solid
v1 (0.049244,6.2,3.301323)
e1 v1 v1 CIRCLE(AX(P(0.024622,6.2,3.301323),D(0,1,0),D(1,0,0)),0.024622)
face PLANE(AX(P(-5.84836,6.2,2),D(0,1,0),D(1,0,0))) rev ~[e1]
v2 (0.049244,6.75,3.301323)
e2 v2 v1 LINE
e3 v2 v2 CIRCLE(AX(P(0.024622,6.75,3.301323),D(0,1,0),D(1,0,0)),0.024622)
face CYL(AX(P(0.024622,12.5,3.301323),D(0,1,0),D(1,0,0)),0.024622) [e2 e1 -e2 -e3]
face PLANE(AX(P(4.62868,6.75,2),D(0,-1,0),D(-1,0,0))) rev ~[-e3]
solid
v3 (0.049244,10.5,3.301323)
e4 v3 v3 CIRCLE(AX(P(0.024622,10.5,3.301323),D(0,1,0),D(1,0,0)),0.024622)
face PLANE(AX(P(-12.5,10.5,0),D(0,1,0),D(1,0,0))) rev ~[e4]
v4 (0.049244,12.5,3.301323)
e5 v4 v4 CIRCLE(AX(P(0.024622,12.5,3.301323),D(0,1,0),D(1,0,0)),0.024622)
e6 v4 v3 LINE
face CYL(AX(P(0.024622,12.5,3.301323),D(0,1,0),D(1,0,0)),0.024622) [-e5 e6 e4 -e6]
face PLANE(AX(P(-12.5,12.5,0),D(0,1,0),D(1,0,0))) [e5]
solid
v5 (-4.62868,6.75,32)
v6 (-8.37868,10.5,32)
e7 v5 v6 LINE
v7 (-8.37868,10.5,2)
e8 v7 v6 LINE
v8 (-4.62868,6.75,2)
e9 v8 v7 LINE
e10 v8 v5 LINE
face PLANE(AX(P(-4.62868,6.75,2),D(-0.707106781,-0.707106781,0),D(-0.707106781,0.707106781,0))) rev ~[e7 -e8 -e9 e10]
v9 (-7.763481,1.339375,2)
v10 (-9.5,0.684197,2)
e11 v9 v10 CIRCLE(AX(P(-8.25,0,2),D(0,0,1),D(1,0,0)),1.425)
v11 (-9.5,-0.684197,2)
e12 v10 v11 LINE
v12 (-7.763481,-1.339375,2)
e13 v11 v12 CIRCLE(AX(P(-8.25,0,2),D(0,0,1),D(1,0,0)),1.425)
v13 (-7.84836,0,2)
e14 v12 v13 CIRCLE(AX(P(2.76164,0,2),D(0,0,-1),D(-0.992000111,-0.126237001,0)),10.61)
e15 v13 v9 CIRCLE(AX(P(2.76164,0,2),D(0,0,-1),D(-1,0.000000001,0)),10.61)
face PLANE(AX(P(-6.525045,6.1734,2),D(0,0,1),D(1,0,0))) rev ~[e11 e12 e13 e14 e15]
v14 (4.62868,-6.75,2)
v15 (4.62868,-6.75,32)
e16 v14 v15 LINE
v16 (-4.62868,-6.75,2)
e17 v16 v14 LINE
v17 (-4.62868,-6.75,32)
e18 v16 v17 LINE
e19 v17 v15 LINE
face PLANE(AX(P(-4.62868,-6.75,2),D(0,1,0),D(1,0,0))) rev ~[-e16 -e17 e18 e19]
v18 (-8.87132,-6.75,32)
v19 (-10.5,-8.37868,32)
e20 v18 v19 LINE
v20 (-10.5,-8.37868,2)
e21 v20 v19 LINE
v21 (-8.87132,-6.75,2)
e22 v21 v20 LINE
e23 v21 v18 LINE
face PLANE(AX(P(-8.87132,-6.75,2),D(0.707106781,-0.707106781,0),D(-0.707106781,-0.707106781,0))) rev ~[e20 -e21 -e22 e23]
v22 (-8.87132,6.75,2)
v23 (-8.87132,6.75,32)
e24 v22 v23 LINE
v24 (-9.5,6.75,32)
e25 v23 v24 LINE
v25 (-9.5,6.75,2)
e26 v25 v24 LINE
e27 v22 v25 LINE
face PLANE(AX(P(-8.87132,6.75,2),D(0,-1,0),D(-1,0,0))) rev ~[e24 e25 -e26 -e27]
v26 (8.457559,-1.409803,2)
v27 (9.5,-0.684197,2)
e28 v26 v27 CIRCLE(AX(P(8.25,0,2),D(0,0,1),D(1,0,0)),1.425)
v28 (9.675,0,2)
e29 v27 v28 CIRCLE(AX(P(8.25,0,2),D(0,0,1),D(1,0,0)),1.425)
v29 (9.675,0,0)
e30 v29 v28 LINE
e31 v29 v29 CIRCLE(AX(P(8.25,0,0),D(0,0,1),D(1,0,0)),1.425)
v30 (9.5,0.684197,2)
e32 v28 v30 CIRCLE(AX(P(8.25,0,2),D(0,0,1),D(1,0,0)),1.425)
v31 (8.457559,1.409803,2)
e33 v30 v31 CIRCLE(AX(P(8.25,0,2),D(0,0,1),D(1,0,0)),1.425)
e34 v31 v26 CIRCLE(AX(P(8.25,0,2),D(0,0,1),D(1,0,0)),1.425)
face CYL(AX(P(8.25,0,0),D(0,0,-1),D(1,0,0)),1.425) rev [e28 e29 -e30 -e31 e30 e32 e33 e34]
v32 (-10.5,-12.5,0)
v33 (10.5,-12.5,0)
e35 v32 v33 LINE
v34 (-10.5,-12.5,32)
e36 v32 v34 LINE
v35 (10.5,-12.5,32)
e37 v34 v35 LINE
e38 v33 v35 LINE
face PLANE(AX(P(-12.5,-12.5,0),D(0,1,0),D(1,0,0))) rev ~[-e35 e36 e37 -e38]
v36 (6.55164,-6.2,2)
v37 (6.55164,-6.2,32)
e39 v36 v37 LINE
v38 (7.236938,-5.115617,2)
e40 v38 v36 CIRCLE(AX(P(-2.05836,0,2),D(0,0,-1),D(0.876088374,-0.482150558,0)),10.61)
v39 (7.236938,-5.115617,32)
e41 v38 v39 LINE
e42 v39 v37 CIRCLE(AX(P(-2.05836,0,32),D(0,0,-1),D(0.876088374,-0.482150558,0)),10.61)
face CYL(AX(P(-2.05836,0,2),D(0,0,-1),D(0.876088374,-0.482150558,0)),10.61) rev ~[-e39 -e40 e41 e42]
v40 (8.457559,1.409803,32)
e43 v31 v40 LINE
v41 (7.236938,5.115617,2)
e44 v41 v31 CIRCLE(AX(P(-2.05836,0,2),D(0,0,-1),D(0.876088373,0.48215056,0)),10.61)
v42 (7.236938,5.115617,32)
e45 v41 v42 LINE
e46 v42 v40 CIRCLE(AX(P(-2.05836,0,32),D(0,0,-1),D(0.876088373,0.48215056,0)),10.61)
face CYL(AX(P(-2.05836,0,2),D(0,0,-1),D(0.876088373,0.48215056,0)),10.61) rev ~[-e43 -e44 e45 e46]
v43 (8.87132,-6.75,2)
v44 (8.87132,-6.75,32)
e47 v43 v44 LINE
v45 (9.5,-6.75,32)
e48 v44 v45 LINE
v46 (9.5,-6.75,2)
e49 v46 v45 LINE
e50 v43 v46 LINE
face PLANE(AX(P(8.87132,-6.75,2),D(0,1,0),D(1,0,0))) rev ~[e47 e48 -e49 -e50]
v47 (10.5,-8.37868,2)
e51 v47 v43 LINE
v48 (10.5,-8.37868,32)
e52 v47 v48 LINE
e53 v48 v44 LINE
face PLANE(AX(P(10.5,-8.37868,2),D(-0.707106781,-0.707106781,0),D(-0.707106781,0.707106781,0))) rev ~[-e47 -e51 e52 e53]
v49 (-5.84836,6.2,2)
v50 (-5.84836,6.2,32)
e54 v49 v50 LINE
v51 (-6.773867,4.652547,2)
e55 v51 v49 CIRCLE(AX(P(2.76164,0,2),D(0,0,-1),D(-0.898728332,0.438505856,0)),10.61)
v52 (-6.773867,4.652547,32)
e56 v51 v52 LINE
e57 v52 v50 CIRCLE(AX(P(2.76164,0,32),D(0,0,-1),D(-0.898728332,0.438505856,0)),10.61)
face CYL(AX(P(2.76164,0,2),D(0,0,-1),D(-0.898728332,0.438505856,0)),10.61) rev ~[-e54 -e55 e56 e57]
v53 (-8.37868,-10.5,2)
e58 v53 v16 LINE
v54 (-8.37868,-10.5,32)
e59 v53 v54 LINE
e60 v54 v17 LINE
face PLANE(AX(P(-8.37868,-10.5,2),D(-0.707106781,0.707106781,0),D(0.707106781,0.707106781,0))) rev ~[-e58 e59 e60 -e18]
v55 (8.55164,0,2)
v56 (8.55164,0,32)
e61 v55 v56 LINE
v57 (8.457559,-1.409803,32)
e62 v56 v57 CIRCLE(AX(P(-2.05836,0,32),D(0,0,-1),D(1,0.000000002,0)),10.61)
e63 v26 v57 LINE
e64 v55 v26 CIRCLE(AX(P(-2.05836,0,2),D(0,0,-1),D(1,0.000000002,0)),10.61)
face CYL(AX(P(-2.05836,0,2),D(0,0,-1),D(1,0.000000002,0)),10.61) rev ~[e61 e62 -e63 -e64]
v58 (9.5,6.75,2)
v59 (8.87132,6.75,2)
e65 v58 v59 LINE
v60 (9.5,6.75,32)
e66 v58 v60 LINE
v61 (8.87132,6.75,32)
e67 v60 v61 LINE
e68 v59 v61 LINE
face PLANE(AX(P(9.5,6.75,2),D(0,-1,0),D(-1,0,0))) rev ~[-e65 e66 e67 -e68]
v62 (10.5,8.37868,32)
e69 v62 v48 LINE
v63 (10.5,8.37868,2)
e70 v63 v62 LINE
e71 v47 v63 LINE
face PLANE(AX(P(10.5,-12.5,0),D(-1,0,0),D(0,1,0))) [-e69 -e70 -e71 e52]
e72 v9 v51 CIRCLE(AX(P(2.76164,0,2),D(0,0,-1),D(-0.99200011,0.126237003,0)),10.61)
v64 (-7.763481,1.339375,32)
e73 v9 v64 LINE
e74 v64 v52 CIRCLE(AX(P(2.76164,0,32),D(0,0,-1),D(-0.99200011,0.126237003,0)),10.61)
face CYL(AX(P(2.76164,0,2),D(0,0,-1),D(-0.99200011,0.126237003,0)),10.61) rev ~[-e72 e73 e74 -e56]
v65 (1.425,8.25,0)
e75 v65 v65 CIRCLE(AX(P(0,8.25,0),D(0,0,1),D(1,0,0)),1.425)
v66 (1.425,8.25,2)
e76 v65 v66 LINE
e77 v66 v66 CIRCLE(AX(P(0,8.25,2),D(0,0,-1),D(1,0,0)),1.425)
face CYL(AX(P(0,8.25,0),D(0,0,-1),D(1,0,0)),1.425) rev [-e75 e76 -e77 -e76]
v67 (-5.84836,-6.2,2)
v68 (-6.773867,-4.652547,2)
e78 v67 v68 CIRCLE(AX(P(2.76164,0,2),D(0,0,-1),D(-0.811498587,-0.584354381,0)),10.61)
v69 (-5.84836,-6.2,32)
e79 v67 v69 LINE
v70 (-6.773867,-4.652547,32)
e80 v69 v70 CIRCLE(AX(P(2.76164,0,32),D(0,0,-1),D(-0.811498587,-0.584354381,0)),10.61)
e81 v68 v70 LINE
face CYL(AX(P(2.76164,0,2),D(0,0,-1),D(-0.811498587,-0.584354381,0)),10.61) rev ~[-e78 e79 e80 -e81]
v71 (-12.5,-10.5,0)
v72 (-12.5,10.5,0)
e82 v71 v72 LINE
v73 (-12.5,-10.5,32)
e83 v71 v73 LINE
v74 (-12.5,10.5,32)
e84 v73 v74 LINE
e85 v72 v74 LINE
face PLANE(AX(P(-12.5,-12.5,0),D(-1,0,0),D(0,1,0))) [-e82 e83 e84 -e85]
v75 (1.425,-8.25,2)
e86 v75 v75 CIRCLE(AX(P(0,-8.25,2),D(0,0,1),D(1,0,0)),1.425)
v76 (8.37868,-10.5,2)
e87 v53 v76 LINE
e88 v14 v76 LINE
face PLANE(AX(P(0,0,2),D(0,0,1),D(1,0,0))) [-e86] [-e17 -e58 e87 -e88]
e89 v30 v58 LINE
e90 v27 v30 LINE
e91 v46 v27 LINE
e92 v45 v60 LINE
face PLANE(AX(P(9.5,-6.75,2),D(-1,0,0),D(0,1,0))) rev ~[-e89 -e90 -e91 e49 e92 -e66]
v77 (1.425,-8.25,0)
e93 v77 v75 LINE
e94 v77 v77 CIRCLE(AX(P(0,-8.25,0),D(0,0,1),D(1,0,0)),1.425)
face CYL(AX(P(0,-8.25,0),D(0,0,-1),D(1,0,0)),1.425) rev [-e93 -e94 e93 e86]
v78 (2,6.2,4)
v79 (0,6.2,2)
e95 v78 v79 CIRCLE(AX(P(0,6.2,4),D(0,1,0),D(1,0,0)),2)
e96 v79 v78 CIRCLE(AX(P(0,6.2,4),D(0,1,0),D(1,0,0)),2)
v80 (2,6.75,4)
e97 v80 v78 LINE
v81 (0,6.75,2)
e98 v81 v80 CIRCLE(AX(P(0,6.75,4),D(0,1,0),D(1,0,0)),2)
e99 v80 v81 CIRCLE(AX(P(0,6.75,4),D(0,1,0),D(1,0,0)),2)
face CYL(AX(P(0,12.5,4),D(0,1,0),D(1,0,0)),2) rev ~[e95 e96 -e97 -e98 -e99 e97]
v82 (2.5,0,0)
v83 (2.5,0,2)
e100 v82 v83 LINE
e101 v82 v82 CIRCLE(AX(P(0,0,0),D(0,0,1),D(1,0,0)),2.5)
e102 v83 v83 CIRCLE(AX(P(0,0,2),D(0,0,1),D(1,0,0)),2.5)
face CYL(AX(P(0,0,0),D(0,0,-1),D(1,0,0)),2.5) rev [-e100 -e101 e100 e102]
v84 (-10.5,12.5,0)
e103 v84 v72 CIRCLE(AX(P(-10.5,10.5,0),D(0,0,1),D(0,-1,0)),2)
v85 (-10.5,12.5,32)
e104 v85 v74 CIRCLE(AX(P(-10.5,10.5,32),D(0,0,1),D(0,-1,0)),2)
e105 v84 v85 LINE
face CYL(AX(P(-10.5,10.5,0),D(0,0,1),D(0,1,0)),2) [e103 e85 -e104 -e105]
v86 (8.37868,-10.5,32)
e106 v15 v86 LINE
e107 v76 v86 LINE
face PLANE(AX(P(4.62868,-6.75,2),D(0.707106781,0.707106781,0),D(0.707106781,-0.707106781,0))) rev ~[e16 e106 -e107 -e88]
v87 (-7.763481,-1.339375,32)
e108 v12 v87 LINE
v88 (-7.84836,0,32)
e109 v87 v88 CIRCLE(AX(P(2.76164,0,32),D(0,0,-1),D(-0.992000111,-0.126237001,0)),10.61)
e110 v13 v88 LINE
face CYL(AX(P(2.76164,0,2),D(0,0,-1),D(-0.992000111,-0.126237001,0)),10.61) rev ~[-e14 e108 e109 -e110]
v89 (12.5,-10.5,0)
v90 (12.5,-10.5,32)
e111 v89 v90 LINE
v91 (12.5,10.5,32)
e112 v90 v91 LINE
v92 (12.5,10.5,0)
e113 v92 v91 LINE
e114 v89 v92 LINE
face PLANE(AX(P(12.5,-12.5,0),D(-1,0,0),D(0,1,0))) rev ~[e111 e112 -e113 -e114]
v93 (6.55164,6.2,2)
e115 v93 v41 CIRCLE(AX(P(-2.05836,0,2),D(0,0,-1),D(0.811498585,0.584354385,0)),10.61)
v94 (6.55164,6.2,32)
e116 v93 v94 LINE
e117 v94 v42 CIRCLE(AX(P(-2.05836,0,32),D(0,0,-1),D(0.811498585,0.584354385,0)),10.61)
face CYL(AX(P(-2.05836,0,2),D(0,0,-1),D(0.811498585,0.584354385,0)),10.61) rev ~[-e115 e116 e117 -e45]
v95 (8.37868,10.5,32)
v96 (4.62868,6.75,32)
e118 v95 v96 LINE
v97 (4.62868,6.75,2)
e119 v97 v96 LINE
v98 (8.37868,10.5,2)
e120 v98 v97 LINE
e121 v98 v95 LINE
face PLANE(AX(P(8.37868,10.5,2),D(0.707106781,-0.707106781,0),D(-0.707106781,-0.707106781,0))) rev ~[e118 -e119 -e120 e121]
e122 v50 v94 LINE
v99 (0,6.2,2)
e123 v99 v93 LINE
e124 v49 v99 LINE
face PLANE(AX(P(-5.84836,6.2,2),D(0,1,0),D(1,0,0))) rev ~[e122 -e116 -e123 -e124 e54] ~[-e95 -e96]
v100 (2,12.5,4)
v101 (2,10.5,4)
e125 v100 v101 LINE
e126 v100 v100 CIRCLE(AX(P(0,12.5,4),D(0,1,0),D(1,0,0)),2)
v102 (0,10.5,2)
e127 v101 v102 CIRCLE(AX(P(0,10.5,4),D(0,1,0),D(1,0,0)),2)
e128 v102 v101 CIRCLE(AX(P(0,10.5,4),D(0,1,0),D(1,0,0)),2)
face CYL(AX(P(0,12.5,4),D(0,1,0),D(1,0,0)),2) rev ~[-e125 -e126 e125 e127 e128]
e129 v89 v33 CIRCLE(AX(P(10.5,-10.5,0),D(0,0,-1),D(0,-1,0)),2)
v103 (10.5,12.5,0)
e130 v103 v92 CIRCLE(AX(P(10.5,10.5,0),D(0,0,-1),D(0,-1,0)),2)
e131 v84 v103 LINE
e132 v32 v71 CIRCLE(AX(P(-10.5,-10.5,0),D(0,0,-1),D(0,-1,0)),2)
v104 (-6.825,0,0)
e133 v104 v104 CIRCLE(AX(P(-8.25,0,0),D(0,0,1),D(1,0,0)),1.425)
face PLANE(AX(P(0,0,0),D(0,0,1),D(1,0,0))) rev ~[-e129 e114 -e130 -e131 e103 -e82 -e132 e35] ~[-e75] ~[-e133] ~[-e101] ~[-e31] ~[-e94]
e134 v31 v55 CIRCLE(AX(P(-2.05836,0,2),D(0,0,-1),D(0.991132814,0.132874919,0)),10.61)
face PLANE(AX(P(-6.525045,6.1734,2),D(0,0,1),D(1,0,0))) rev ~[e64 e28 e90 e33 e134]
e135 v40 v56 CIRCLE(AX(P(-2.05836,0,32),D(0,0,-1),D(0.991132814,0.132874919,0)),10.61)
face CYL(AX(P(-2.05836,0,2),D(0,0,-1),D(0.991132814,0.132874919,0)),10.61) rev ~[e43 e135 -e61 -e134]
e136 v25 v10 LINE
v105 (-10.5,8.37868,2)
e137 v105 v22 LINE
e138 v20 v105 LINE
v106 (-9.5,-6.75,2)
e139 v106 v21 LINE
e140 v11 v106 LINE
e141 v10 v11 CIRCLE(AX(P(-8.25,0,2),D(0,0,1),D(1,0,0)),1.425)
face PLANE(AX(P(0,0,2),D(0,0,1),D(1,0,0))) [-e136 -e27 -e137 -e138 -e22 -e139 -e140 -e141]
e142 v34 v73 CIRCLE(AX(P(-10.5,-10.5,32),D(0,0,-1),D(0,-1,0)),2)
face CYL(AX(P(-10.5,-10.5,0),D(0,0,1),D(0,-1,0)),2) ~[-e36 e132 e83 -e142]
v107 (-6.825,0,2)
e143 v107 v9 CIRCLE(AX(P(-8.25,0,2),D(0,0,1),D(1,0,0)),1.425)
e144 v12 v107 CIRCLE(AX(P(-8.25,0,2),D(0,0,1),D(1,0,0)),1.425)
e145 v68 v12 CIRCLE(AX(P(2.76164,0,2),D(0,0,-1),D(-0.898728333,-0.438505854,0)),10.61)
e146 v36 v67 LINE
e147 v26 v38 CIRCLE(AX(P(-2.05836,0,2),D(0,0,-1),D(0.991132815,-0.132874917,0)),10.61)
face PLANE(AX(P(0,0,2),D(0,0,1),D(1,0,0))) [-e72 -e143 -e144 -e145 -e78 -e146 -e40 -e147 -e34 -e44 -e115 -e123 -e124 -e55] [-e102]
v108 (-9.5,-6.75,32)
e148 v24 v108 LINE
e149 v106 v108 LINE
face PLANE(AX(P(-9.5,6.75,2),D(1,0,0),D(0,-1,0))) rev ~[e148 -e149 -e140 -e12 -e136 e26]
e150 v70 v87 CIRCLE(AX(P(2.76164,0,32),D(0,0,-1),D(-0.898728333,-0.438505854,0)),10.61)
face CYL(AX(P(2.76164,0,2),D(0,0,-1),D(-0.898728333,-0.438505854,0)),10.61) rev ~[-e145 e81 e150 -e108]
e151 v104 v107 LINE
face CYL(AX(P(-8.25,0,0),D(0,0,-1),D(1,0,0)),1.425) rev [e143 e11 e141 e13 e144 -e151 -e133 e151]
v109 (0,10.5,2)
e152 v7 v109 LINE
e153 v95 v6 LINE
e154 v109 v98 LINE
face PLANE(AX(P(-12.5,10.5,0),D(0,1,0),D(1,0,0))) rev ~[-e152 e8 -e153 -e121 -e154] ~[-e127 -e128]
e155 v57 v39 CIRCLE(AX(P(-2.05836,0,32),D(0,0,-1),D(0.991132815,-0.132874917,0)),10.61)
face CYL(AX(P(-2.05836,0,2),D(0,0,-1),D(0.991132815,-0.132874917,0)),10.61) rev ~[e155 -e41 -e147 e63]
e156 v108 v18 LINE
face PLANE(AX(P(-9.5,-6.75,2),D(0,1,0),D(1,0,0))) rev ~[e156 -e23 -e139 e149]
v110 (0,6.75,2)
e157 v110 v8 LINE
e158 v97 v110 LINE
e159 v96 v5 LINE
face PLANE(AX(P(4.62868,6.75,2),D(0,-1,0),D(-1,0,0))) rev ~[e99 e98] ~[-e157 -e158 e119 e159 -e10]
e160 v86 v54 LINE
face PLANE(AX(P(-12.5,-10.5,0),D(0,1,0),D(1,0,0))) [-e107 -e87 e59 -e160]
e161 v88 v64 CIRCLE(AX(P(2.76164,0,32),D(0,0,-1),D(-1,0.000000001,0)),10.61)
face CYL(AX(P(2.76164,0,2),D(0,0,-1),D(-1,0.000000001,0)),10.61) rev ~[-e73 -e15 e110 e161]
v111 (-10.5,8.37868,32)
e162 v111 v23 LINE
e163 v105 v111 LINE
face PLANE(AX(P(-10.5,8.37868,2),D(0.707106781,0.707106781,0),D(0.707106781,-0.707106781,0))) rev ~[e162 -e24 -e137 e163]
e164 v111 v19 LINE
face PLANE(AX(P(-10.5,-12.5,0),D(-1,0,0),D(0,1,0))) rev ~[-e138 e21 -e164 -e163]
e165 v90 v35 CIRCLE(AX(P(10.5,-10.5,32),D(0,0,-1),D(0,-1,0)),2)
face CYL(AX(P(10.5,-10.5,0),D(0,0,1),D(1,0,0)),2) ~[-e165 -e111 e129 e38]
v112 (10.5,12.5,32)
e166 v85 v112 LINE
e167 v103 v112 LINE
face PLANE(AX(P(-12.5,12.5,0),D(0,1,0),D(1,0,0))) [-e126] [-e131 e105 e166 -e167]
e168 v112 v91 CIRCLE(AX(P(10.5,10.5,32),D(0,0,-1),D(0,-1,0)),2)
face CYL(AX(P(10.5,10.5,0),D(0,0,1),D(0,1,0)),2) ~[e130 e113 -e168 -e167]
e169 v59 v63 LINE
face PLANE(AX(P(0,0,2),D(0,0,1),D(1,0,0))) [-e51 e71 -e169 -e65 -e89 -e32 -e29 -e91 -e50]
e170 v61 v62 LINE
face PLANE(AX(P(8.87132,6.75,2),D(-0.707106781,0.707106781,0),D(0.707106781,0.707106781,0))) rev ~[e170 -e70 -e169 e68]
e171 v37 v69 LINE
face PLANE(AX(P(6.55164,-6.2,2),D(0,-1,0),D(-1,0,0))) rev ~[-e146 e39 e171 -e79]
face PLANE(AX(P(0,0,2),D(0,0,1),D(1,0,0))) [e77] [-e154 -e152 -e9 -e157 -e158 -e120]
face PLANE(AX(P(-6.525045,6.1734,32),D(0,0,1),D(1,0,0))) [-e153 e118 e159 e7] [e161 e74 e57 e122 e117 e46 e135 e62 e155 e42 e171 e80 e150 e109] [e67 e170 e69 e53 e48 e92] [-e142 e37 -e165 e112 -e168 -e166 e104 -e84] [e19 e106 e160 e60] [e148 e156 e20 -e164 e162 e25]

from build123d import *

# Parameters (mm, degrees)
SKETCH1_W           = 25
SKETCH1_H           = 25
BOSS_EXTRUDE1_DEPTH = 32
SHELL1_T            = -2
SKETCH2_R           = 2.5
SKETCH2_R_2         = 1.425
CUT_EXTRUDE4_DEPTH  = 2
BOSS_EXTRUDE3_DEPTH = 30
SKETCH5_R           = 2
SKETCH5_R_2         = 0.024622166
CUT_EXTRUDE6_DEPTH  = 7.5
FILLET1_R           = 2


with BuildPart() as part:
    # Sketch1 → Boss-Extrude1 (new body)
    with BuildSketch(Plane.XY):
        Rectangle(SKETCH1_W, SKETCH1_H)
    extrude(amount=BOSS_EXTRUDE1_DEPTH)

    # Shell1
    shell1_openings = [part.faces().sort_by_distance(p)[0] for p in [
        (0, 0, 32),
    ]]
    offset(amount=SHELL1_T, openings=shell1_openings, kind=Kind.INTERSECTION)

    # Sketch2 → Cut-Extrude4 (cut)
    with BuildSketch(Plane.XY):
        Circle(SKETCH2_R)
        with Locations((8.25, 0)):
            Circle(SKETCH2_R_2)
        with Locations((0, -8.25)):
            Circle(SKETCH2_R_2)
        with Locations((-8.25, 0)):
            Circle(SKETCH2_R_2)
        with Locations((0, 8.25)):
            Circle(SKETCH2_R_2)
    extrude(amount=CUT_EXTRUDE4_DEPTH, mode=Mode.SUBTRACT)

    # Sketch4 → Boss-Extrude3 (add)
    with BuildSketch(Plane.XY.offset(2)):
        with BuildLine():
            Line((-8.871320344, 6.75), (-6.773867463, 4.652547119))
            ThreePointArc((-6.773867463, 4.652547119), (-6.344045672, 5.445969686), (-5.848359857, 6.2))
            Line((-5.848359857, 6.2), (-4.078679656, 6.2))
            Line((-4.078679656, 6.2), (-4.628679656, 6.75))
            Line((-4.628679656, 6.75), (-8.871320344, 6.75))
        make_face()
        Polygon((-10.5, 8.378679656), (-8.871320344, 6.75), (-4.628679656, 6.75), (-8.378679656, 10.5), (-10.5, 10.5), align=None)
        Polygon((-4.628679656, 6.75), (-4.078679656, 6.2), (0.351640143, 6.2), (4.078679656, 6.2), (4.628679656, 6.75), align=None)
        Polygon((4.628679656, 6.75), (8.871320344, 6.75), (10.5, 8.378679656), (10.5, 10.5), (8.378679656, 10.5), align=None)
        with BuildLine():
            ThreePointArc((6.551640143, 6.2), (6.91069206, 5.668174991), (7.236937783, 5.11561744))
            Line((7.236937783, 5.11561744), (8.871320344, 6.75))
            Line((8.871320344, 6.75), (4.628679656, 6.75))
            Line((4.628679656, 6.75), (4.078679656, 6.2))
            Line((4.078679656, 6.2), (6.551640143, 6.2))
        make_face()
        with BuildLine():
            ThreePointArc((-5.848359857, -6.2), (-6.344045672, -5.445969686), (-6.773867463, -4.652547119))
            Line((-6.773867463, -4.652547119), (-8.871320344, -6.75))
            Line((-8.871320344, -6.75), (-4.628679656, -6.75))
            Line((-4.628679656, -6.75), (-4.078679656, -6.2))
            Line((-4.078679656, -6.2), (-5.848359857, -6.2))
        make_face()
        with BuildLine():
            Line((8.871320344, -6.75), (7.236937783, -5.11561744))
            ThreePointArc((7.236937783, -5.11561744), (6.91069206, -5.668174991), (6.551640143, -6.2))
            Line((6.551640143, -6.2), (4.078679656, -6.2))
            Line((4.078679656, -6.2), (4.628679656, -6.75))
            Line((4.628679656, -6.75), (8.871320344, -6.75))
        make_face()
        Polygon((-4.628679656, -6.75), (-8.871320344, -6.75), (-10.5, -8.378679656), (-10.5, -10.5), (-8.378679656, -10.5), align=None)
        Polygon((10.5, -8.378679656), (8.871320344, -6.75), (4.628679656, -6.75), (8.378679656, -10.5), (10.5, -10.5), align=None)
        with BuildLine():
            Line((8.871320344, 6.75), (7.236937783, 5.11561744))
            ThreePointArc((7.236937783, 5.11561744), (8.019057631, 3.319300647), (8.457559307, 1.409802871))
            ThreePointArc((8.457559307, 1.409802871), (9.064092068, 1.169563639), (9.5, 0.684196609))
            Line((9.5, 0.684196609), (9.5, 6.75))
            Line((9.5, 6.75), (8.871320344, 6.75))
        make_face()
        with BuildLine():
            ThreePointArc((8.457559307, -1.409802871), (8.019057631, -3.319300647), (7.236937783, -5.11561744))
            Line((7.236937783, -5.11561744), (8.871320344, -6.75))
            Line((8.871320344, -6.75), (9.5, -6.75))
            Line((9.5, -6.75), (9.5, -0.684196609))
            ThreePointArc((9.5, -0.684196609), (9.064092068, -1.169563639), (8.457559307, -1.409802871))
        make_face()
        Polygon((0.351640143, -6.2), (-4.078679656, -6.2), (-4.628679656, -6.75), (4.628679656, -6.75), (4.078679656, -6.2), align=None)
        with BuildLine():
            ThreePointArc((-6.773867463, -4.652547119), (-7.404553087, -3.03654659), (-7.76348103, -1.33937459))
            ThreePointArc((-7.76348103, -1.33937459), (-8.753031179, -1.333260902), (-9.5, -0.684196609))
            Line((-9.5, -0.684196609), (-9.5, -6.75))
            Line((-9.5, -6.75), (-8.871320344, -6.75))
            Line((-8.871320344, -6.75), (-6.773867463, -4.652547119))
        make_face()
        with BuildLine():
            ThreePointArc((-9.5, 0.684196609), (-8.753031179, 1.333260902), (-7.76348103, 1.33937459))
            ThreePointArc((-7.76348103, 1.33937459), (-7.404553087, 3.03654659), (-6.773867463, 4.652547119))
            Line((-6.773867463, 4.652547119), (-8.871320344, 6.75))
            Line((-8.871320344, 6.75), (-9.5, 6.75))
            Line((-9.5, 6.75), (-9.5, 0.684196609))
        make_face()
        with BuildLine():
            ThreePointArc((-7.76348103, -1.33937459), (-7.827118888, -0.671030682), (-7.848359857, 0))
            ThreePointArc((-7.848359857, 0), (-7.827118888, 0.671030682), (-7.76348103, 1.33937459))
            ThreePointArc((-7.76348103, 1.33937459), (-8.753031179, 1.333260902), (-9.5, 0.684196609))
            Line((-9.5, 0.684196609), (-9.5, -0.684196609))
            ThreePointArc((-9.5, -0.684196609), (-8.753031179, -1.333260902), (-7.76348103, -1.33937459))
        make_face()
        with BuildLine():
            ThreePointArc((8.457559307, 1.409802871), (8.528093807, 0.706469273), (8.551640143, 0))
            ThreePointArc((8.551640143, 0), (8.528093807, -0.706469273), (8.457559307, -1.409802871))
            ThreePointArc((8.457559307, -1.409802871), (9.064092068, -1.169563639), (9.5, -0.684196609))
            Line((9.5, -0.684196609), (9.5, 0.684196609))
            ThreePointArc((9.5, 0.684196609), (9.064092068, 1.169563639), (8.457559307, 1.409802871))
        make_face()
    extrude(amount=BOSS_EXTRUDE3_DEPTH)

    # Sketch5 → Cut-Extrude6 (cut)
    with BuildSketch(Plane(origin=(0, 12.5, 0), x_dir=(1, 0, 0), z_dir=(0, 1, 0))):
        with Locations((0, -4)):
            Circle(SKETCH5_R)
        with Locations((0.024622166, -3.301323142)):
            Circle(SKETCH5_R_2, mode=Mode.SUBTRACT)
    extrude(amount=-CUT_EXTRUDE6_DEPTH, mode=Mode.SUBTRACT)

    # Fillet1
    fillet1_edges = [part.edges().sort_by_distance(p)[0] for p in [
        (12.5, -12.5, 16),
        (12.5, 12.5, 16),
        (-12.5, 12.5, 16),
        (-12.5, -12.5, 16),
    ]]
    fillet(fillet1_edges, radius=FILLET1_R)


solid = part.part
